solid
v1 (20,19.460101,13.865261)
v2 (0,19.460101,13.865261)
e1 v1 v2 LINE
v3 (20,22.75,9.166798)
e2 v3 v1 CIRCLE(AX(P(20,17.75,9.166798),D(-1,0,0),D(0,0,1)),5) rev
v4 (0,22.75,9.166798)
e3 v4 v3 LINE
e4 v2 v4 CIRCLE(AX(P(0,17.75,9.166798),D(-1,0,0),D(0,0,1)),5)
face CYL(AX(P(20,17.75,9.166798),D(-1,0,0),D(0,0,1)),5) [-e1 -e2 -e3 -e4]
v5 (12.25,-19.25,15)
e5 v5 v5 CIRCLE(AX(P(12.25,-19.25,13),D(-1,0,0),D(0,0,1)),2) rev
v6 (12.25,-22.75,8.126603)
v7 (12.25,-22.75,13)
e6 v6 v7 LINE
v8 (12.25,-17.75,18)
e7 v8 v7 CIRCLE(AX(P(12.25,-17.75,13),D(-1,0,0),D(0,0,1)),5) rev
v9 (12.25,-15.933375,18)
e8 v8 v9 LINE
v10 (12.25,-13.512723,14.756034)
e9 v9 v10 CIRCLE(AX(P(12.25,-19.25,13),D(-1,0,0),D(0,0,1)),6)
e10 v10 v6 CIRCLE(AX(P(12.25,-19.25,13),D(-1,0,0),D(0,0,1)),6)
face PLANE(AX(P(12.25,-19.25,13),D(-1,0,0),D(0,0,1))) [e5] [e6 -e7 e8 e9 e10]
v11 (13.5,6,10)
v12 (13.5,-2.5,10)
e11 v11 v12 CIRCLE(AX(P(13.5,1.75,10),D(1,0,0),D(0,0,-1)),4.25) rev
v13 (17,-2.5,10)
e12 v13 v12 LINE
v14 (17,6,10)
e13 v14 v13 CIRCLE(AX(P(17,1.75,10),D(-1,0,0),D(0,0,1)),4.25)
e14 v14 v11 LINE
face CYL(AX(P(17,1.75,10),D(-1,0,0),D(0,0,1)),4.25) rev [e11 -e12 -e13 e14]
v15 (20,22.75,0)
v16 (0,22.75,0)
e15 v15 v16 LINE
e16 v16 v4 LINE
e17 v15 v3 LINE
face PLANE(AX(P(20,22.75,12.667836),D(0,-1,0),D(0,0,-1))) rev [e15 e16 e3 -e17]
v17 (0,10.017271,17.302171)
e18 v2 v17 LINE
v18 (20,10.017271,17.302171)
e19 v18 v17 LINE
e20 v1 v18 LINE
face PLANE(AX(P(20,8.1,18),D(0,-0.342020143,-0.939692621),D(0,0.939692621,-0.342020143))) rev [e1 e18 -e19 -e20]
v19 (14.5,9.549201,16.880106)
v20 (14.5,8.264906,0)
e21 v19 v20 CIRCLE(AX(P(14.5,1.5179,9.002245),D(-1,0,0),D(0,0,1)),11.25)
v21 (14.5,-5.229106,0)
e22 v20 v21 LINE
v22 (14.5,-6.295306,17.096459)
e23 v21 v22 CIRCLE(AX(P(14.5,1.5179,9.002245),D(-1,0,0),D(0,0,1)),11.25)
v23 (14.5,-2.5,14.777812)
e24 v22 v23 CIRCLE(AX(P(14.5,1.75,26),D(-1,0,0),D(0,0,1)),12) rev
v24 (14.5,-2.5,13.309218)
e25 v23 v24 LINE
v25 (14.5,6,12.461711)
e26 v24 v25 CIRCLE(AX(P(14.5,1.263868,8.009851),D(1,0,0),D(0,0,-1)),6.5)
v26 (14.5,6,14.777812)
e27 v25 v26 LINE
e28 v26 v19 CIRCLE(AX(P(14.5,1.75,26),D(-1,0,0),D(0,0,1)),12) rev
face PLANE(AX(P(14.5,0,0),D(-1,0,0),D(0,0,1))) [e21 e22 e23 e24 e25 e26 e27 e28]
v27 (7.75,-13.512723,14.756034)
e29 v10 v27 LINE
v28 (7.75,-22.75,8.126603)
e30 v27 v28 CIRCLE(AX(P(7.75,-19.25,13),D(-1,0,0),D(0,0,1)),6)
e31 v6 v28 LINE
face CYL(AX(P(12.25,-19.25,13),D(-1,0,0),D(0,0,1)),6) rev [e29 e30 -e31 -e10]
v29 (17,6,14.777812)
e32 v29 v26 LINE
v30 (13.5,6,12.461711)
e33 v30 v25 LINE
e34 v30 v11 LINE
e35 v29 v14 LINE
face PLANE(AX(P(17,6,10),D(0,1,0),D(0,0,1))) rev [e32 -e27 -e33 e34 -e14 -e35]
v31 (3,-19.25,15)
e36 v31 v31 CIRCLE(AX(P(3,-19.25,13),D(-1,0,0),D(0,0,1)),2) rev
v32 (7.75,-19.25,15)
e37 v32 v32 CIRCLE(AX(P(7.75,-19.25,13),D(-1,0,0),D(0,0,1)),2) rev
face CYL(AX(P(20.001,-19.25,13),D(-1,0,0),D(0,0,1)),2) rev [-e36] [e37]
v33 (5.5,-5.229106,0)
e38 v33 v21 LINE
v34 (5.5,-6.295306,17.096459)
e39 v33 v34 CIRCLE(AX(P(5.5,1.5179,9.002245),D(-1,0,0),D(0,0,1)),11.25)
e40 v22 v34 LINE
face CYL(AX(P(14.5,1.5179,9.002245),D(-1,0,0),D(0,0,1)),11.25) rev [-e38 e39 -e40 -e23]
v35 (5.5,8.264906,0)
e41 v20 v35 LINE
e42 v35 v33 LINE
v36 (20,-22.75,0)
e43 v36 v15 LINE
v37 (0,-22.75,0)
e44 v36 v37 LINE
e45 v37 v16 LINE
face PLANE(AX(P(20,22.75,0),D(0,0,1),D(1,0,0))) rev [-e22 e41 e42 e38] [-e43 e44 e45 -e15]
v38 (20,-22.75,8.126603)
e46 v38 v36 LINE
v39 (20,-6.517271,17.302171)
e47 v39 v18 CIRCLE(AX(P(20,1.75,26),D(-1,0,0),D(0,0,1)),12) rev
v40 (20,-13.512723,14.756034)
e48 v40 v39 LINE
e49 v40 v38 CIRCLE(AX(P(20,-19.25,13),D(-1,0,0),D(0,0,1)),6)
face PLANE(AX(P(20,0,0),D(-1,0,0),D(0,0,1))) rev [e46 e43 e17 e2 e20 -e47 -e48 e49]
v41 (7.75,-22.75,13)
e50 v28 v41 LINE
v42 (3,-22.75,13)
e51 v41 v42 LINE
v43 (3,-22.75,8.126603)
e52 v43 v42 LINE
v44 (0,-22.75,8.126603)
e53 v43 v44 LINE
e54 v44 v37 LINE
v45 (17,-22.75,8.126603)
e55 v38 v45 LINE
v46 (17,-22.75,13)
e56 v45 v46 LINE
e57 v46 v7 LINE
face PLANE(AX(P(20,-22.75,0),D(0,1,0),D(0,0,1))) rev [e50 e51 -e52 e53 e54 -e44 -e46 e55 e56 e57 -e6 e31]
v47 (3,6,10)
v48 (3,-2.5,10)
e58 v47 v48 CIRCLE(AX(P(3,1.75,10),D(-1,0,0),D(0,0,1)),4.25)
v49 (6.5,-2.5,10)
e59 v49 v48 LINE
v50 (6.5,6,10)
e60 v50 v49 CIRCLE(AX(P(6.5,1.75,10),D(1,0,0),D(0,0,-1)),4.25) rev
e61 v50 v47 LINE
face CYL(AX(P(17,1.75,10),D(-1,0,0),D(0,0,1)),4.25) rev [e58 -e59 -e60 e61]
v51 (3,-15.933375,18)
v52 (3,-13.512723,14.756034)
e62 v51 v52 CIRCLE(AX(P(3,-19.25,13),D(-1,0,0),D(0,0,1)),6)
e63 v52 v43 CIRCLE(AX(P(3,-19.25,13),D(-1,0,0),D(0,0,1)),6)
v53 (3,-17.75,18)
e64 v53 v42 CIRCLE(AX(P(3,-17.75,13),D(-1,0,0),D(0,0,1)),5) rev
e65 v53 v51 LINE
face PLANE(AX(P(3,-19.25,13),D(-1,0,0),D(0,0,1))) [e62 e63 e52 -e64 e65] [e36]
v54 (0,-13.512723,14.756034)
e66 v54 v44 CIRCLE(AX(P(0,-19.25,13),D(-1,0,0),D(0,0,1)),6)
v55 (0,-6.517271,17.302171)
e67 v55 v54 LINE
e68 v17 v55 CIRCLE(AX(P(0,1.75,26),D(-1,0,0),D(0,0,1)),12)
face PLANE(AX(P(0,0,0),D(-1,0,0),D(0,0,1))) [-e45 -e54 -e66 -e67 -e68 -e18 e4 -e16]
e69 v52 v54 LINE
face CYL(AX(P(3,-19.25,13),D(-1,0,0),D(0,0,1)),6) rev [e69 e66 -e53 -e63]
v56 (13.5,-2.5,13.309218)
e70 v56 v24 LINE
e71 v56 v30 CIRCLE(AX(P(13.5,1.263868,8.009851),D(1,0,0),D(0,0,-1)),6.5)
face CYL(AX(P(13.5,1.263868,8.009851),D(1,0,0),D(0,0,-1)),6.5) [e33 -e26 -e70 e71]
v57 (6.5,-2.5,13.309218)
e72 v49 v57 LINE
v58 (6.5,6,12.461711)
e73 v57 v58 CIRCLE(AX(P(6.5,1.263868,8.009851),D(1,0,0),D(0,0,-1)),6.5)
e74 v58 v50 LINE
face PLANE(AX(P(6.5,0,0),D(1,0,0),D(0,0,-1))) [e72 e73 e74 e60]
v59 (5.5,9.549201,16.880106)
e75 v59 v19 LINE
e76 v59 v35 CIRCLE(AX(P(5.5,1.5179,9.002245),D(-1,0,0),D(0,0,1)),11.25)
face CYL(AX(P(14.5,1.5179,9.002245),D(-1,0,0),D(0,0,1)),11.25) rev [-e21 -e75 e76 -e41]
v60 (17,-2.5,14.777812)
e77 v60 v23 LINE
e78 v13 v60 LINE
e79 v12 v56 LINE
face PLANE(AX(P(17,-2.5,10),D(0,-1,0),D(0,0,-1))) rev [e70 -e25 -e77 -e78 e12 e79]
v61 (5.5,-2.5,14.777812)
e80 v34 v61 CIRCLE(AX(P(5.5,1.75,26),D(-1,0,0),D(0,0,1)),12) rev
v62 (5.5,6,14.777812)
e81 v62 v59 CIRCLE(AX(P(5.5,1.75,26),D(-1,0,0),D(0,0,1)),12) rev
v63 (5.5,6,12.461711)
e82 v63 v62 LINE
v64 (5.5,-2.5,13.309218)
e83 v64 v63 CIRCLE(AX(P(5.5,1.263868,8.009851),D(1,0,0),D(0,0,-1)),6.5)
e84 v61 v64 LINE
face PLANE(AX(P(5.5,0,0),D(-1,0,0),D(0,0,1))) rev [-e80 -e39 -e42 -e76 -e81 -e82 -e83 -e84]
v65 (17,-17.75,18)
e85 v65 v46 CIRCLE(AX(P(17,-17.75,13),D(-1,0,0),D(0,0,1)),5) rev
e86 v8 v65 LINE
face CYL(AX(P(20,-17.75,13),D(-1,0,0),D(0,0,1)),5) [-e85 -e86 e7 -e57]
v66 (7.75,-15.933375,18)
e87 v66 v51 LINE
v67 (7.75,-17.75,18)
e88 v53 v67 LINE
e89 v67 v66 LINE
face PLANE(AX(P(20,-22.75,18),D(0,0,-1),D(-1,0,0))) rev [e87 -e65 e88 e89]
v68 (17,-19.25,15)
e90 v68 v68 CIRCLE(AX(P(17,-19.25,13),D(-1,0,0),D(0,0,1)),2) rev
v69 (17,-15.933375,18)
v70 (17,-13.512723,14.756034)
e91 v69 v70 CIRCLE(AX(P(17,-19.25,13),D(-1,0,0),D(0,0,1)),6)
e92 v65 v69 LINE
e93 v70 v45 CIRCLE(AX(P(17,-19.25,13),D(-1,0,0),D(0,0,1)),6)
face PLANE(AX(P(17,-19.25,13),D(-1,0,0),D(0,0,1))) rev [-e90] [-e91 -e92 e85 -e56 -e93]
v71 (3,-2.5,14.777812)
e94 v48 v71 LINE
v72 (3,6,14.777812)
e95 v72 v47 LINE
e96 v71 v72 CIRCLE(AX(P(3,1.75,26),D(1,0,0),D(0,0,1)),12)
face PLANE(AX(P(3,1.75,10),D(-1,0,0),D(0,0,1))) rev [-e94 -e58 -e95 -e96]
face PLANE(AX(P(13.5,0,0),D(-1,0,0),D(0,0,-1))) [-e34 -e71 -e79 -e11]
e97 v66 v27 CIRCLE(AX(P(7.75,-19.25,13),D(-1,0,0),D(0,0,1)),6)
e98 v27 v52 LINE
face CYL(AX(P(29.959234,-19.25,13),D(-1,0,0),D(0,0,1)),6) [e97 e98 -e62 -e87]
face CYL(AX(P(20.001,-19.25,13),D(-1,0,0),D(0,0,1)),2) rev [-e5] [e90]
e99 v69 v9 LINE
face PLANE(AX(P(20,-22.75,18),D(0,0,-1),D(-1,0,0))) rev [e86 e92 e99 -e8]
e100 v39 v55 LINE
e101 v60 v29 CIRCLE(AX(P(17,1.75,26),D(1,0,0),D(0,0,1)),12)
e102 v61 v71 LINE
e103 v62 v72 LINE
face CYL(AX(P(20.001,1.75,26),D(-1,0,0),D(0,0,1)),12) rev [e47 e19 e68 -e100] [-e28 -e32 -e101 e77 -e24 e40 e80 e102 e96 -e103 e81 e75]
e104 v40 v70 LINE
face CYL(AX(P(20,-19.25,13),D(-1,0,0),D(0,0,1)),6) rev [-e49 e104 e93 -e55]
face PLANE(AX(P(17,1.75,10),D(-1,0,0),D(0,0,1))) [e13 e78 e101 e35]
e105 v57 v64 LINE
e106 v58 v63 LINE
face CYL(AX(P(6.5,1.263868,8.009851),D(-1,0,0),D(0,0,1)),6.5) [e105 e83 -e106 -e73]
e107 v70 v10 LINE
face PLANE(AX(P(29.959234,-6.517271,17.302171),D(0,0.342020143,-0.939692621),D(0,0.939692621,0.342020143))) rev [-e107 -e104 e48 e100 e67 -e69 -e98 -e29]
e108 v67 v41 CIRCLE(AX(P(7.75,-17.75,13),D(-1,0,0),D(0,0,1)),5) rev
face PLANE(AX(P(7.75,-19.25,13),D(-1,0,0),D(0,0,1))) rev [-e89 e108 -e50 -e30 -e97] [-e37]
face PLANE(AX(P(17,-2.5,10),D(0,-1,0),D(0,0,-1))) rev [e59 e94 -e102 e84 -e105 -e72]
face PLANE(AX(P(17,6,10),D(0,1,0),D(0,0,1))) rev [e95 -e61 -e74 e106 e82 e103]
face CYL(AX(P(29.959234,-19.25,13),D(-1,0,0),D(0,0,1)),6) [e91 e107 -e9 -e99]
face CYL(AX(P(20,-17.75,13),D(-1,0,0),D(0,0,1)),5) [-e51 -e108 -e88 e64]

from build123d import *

# Parameters (mm, degrees)
BOSS_EXTRU_1_DEPTH      = 20
ENL_V_MAT_EXTRU_1_REACH = 22
ESQUISSE2_R             = 2
ESQUISSE2_R_2           = 12
ENL_V_START             = -3
ENL_V_MAT_EXTRU_7_DEPTH = 14
CONG_1_R                = 5
ESQUISSE5_R             = 11.25
ENL_V_MAT_EXTRU_2_DEPTH = 4.5
BOSS_EXTRU_2_DEPTH      = 1
ESQUISSE11_R            = 6
ENL_V_MAT_EXTRU_3_DEPTH = 2.25
ENL_V_START_2           = 10
ENL_V_MAT_EXTRU_4_DEPTH = 3
ENL_V_START_3           = -7
ESQUISSE11_3_R          = 6
ENL_V_MAT_EXTRU_5_DEPTH = 3
ENL_V_MAT_EXTRU_6_DEPTH = 20


with BuildPart() as part:
    # Esquisse1 → Boss.-Extru.1 (new body)
    with BuildSketch(Plane(origin=(0, 0, 0), x_dir=(0, 0, -1), z_dir=(1, 0, 0))):
        Polygon((0, 22.75), (0, -22.75), (-18, -22.75), (-18, -8.1), (-18, 8.1), (-12.667836068, 22.75), align=None)
    extrude(amount=BOSS_EXTRU_1_DEPTH)

    # Esquisse2 → Enl_v. mat.-Extru.1 (cut, up to next)
    with BuildSketch(Plane.ZY, mode=Mode.PRIVATE) as enl_v_mat_extru_1_sk1:
        with Locations((13, -19.25)):
            Circle(ESQUISSE2_R)
    enl_v_mat_extru_1_tool1 = extrude(enl_v_mat_extru_1_sk1.sketch, amount=-ENL_V_MAT_EXTRU_1_REACH, mode=Mode.PRIVATE) & part.part
    add(enl_v_mat_extru_1_tool1.solids().sort_by_distance((0, -19.25, 13))[0], mode=Mode.SUBTRACT)
    # Esquisse2 → Enl_v. mat.-Extru.1 (cut, up to next)
    with BuildSketch(Plane.ZY, mode=Mode.PRIVATE) as enl_v_mat_extru_1_sk2:
        with Locations((26, 1.75)):
            Circle(ESQUISSE2_R_2)
    enl_v_mat_extru_1_tool2 = extrude(enl_v_mat_extru_1_sk2.sketch, amount=-ENL_V_MAT_EXTRU_1_REACH, mode=Mode.PRIVATE) & part.part
    add(enl_v_mat_extru_1_tool2.solids().sort_by_distance((0, 1.75, 26))[0], mode=Mode.SUBTRACT)

    # Esquisse14 → Enl_v. mat.-Extru.7 (cut)
    with BuildSketch(Plane.ZY.offset(ENL_V_START)):
        with BuildLine():
            Line((10, 6), (14.777812156, 6))
            ThreePointArc((14.777812156, 6), (14, 1.75), (14.777812156, -2.5))
            Line((14.777812156, -2.5), (10, -2.5))
            ThreePointArc((10, -2.5), (5.75, 1.75), (10, 6))
        make_face()
    extrude(amount=-ENL_V_MAT_EXTRU_7_DEPTH, mode=Mode.SUBTRACT)

    # Cong_1
    cong_1_edges = [part.edges().sort_by_distance(p)[0] for p in [
        (10, -22.75, 18),
        (10, 22.75, 12.667836068),
    ]]
    fillet(cong_1_edges, radius=CONG_1_R)

    # Esquisse5 → Enl_v. mat.-Extru.2 (cut, symmetric)
    with BuildSketch(Plane.ZY.offset(-10)):
        with Locations((9.002244805, 1.517900266)):
            Circle(ESQUISSE5_R)
    extrude(amount=ENL_V_MAT_EXTRU_2_DEPTH, both=True, mode=Mode.SUBTRACT)

    # Esquisse8 → Boss.-Extru.2 (add)
    with BuildSketch(Plane(origin=(5.5, 0, 0), x_dir=(0, 0, -1), z_dir=(1, 0, 0))):
        with BuildLine():
            Line((-12.461710624, 6), (-10, 6))
            ThreePointArc((-10, 6), (-5.75, 1.75), (-10, -2.5))
            Line((-10, -2.5), (-13.309218442, -2.5))
            ThreePointArc((-13.309218442, -2.5), (-6.034488781, -4.92870357), (-1.509850884, 1.263868155))
            ThreePointArc((-1.509850884, 1.263868155), (-5.429840061, 7.229900685), (-12.461710624, 6))
        make_face()
    boss_extru_2 = extrude(amount=BOSS_EXTRU_2_DEPTH)

    # Sym_trie1: Boss.-Extru.2 across plane
    add(boss_extru_2.mirror(Plane.ZY.offset(-10)))

    # Esquisse11 → Enl_v. mat.-Extru.3 (cut, symmetric)
    with BuildSketch(Plane.ZY.offset(-10)):
        with Locations((13, -19.25)):
            Circle(ESQUISSE11_R)
    extrude(amount=ENL_V_MAT_EXTRU_3_DEPTH, both=True, mode=Mode.SUBTRACT)

    # Esquisse11 → Enl_v. mat.-Extru.4 (cut)
    with BuildSketch(Plane.ZY.offset(-10).offset(ENL_V_START_2)):
        with Locations((13, -19.25)):
            Circle(ESQUISSE11_R)
    extrude(amount=-ENL_V_MAT_EXTRU_4_DEPTH, mode=Mode.SUBTRACT)

    # Esquisse11_3 → Enl_v. mat.-Extru.5 (cut)
    with BuildSketch(Plane.ZY.offset(-10).offset(ENL_V_START_3)):
        with Locations((13, -19.25)):
            Circle(ESQUISSE11_3_R)
    extrude(amount=-ENL_V_MAT_EXTRU_5_DEPTH, mode=Mode.SUBTRACT)

    # Esquisse13 → Enl_v. mat.-Extru.6 (cut)
    with BuildSketch(Plane.ZY):
        with BuildLine():
            Line((18, -7.19427191), (17.30217057, -6.517270602))
            Line((17.30217057, -6.517270602), (14.75603403, -13.512723252))
            ThreePointArc((14.75603403, -13.512723252), (16.588298751, -14.441246308), (18, -15.93337521))
            Line((18, -15.93337521), (18, -7.19427191))
        make_face()
    extrude(amount=-ENL_V_MAT_EXTRU_6_DEPTH, mode=Mode.SUBTRACT)


solid = part.part
